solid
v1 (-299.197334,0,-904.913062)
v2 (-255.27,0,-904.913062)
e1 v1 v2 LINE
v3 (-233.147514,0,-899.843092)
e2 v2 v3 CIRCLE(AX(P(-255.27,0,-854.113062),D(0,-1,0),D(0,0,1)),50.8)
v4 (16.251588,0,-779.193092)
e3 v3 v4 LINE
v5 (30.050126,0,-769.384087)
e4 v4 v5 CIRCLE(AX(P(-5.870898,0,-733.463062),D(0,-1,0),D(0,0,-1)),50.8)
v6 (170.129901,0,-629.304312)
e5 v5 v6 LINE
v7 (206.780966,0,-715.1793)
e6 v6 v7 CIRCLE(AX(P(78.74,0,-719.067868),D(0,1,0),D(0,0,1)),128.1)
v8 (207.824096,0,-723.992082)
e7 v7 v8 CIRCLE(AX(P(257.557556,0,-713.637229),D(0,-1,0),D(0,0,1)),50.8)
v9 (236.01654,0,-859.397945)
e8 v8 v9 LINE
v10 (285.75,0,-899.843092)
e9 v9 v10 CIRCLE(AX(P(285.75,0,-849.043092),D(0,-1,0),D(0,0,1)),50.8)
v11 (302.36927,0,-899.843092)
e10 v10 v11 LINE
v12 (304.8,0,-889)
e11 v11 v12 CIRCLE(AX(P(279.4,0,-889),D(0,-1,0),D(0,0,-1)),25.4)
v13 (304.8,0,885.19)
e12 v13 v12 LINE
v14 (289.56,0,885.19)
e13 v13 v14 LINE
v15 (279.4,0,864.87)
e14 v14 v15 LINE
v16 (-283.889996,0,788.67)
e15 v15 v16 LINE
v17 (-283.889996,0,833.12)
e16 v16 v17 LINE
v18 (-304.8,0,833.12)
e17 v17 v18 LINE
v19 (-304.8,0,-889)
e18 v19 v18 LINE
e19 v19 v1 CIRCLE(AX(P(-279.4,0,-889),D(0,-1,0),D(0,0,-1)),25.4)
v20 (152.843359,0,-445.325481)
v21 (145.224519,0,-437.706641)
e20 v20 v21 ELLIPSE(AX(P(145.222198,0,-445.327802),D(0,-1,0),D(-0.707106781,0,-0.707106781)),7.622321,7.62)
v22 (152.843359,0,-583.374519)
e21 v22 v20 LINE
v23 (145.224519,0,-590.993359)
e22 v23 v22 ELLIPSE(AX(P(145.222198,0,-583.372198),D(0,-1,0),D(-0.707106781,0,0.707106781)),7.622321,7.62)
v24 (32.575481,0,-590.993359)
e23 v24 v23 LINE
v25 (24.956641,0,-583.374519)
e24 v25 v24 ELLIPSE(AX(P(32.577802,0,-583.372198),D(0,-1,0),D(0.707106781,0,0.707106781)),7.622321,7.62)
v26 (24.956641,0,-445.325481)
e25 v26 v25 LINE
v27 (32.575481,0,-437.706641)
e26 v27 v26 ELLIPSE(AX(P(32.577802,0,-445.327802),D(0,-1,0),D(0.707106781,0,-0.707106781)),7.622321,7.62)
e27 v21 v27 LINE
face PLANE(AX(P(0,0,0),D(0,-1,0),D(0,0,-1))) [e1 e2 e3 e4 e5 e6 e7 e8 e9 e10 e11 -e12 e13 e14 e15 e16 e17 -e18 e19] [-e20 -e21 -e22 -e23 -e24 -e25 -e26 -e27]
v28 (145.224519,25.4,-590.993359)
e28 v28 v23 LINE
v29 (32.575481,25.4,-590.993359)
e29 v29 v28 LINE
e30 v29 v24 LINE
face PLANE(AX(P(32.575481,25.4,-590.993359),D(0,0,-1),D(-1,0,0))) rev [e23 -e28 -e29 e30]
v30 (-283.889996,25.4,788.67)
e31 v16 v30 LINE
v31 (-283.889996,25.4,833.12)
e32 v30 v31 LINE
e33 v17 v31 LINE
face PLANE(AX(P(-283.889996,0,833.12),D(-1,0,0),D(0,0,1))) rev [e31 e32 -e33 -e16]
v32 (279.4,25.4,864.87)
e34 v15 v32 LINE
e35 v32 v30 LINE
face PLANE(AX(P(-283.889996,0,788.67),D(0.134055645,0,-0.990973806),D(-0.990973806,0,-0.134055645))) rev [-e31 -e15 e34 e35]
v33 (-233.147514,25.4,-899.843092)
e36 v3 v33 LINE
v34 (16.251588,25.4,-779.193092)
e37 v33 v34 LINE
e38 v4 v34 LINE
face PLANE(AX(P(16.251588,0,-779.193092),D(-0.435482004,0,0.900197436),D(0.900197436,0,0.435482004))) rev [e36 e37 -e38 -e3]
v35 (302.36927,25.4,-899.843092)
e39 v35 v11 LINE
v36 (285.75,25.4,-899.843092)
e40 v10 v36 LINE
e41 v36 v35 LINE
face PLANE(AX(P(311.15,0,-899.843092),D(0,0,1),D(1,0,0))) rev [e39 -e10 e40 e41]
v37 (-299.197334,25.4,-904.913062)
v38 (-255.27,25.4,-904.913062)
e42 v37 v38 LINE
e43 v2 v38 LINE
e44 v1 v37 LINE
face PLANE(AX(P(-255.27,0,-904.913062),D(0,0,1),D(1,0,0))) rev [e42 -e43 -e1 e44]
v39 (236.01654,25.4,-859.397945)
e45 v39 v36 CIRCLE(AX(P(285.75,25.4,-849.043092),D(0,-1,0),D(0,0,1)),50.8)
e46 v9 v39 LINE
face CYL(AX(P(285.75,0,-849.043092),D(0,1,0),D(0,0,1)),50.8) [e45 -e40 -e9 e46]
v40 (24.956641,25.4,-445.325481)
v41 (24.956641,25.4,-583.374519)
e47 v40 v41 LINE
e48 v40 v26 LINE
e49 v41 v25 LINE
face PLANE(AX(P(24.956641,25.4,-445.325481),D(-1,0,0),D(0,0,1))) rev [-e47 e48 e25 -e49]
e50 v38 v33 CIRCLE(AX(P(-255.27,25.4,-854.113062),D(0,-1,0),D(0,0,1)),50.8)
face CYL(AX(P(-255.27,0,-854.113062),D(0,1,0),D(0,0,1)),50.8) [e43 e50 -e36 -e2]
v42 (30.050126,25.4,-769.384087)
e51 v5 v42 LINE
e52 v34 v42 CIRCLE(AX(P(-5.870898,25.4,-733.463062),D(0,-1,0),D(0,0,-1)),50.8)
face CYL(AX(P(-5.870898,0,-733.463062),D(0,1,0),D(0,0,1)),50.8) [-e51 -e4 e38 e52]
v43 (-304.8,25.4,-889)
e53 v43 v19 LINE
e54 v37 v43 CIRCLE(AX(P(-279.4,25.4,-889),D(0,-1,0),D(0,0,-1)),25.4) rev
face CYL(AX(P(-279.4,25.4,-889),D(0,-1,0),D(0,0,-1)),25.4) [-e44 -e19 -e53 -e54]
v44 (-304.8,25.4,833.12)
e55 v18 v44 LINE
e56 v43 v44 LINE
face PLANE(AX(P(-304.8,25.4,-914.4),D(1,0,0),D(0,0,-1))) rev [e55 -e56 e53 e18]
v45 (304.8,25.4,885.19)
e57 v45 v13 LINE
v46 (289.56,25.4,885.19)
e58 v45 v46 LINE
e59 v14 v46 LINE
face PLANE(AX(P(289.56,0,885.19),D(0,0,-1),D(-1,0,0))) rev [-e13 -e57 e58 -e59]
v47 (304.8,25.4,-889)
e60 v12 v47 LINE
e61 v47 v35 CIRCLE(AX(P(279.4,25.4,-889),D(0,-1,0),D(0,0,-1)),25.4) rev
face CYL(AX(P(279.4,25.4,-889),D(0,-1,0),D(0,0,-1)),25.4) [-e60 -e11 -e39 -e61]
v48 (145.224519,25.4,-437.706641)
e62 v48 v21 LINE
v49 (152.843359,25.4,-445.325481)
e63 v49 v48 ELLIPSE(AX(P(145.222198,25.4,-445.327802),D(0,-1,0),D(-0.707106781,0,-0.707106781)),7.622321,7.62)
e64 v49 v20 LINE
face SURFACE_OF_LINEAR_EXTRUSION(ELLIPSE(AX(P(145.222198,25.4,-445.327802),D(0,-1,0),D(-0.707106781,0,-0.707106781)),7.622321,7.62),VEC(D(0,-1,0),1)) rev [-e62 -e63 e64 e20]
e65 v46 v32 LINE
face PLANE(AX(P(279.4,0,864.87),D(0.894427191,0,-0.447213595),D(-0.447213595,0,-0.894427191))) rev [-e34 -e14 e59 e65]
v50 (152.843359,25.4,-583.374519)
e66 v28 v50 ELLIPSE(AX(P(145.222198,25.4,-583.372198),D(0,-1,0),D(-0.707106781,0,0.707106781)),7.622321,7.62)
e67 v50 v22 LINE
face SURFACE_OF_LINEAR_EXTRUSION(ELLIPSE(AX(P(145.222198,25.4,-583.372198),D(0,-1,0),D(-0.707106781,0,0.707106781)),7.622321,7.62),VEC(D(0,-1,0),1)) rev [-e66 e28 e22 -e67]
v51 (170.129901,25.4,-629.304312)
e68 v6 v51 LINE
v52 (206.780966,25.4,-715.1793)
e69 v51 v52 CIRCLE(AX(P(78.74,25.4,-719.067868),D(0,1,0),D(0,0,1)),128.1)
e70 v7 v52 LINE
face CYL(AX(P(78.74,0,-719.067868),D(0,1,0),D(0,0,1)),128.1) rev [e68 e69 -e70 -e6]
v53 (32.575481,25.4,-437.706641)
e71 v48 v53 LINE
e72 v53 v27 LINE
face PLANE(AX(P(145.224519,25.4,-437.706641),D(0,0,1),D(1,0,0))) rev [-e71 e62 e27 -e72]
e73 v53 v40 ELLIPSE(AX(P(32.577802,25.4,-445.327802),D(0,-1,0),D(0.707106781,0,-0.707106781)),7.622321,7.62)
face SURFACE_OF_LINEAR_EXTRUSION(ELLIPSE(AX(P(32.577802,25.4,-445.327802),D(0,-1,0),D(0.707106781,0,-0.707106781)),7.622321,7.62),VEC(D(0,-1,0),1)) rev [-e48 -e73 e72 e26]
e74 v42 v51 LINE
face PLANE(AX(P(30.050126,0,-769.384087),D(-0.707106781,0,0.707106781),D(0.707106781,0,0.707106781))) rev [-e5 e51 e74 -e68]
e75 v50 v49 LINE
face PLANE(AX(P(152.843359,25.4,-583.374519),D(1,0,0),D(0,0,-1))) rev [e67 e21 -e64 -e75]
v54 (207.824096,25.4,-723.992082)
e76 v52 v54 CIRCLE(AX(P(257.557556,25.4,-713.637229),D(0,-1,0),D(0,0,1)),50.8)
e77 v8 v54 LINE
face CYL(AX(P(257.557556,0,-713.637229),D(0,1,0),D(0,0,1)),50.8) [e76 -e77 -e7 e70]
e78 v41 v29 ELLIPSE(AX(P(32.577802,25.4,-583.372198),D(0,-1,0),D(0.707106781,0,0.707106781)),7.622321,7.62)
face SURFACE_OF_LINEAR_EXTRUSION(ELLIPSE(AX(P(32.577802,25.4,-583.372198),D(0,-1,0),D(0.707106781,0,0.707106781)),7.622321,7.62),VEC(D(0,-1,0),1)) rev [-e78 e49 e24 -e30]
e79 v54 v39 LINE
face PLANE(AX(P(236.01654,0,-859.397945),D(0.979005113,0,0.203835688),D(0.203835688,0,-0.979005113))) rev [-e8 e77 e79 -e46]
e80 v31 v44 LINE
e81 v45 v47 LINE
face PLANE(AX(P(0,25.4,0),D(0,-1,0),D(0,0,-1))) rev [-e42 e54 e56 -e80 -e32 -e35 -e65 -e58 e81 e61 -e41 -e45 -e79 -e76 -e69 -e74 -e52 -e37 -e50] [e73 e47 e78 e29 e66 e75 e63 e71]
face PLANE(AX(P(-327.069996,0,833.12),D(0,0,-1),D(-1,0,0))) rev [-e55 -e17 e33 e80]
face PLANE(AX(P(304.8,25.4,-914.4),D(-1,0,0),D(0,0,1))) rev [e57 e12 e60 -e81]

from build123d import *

# Parameters (mm, degrees)
SKETCH1_W           = 609.6
SKETCH1_H           = 1828.8
BOSS_EXTRUDE1_DEPTH = 25.4
FILLET1_R           = 25.4
CUT_EXTRUDE2_DEPTH  = 965.196847122
CUT_EXTRUDE3_DEPTH  = 965.196847122
CUT_EXTRUDE4_DEPTH  = 956.204611857


with BuildPart() as part:
    # Sketch1 → Boss-Extrude1 (new body)
    with BuildSketch(Plane(origin=(0, 0, 0), x_dir=(1, 0, 0), z_dir=(0, 1, 0))):
        Rectangle(SKETCH1_W, SKETCH1_H)
    extrude(amount=BOSS_EXTRUDE1_DEPTH)

    # Fillet1
    fillet1_edges = [part.edges().sort_by_distance(p)[0] for p in [
        (-304.8, 12.7, -914.4),
        (304.8, 12.7, -914.4),
        (304.8, 12.7, 914.4),
        (-304.8, 12.7, 914.4),
    ]]
    fillet(fillet1_edges, radius=FILLET1_R)

    # Sketch3 → Cut-Extrude2 (cut, through all)
    with BuildSketch(Plane(origin=(0, 25.4, 0), x_dir=(1, 0, 0), z_dir=(0, 1, 0))):
        with BuildLine():
            Line((16.251587569, 779.193092163), (-233.147514188, 899.843092163))
            ThreePointArc((-233.147514188, 899.843092163), (-243.921993823, 903.629350189), (-255.27, 904.913062406))
            Line((-255.27, 904.913062406), (-323.85, 904.913062406))
            Line((-323.85, 904.913062406), (-323.85, 931.593092163))
            Line((-323.85, 931.593092163), (311.15, 931.593092163))
            Line((311.15, 931.593092163), (311.15, 899.843092163))
            Line((311.15, 899.843092163), (285.75, 899.843092163))
            ThreePointArc((285.75, 899.843092163), (253.698373918, 888.455441312), (236.016540238, 859.397945134))
            Line((236.016540238, 859.397945134), (207.824095772, 723.992082179))
            ThreePointArc((207.824095772, 723.992082179), (207.109723344, 719.608512763), (206.78096626, 715.179299789))
            ThreePointArc((206.78096626, 715.179299789), (196.558100486, 668.783623502), (170.129901322, 629.30431181))
            Line((170.129901322, 629.30431181), (30.050126241, 769.384086891))
            ThreePointArc((30.050126241, 769.384086891), (23.562355365, 774.867453261), (16.251587569, 779.193092163))
        make_face()
    extrude(amount=-CUT_EXTRUDE2_DEPTH, mode=Mode.SUBTRACT)

    # Sketch4 → Cut-Extrude3 (cut, through all)
    with BuildSketch(Plane(origin=(0, 25.4, 0), x_dir=(1, 0, 0), z_dir=(0, 1, 0))):
        Polygon((-327.069996122, -833.12), (-283.889996122, -833.12), (-283.889996122, -788.67), (279.4, -864.87), (289.56, -885.19), (330.2, -885.19), (330.2, -946.15), (-327.069996122, -946.15), align=None)
    extrude(amount=-CUT_EXTRUDE3_DEPTH, mode=Mode.SUBTRACT)

    # Sketch5 → Cut-Extrude4 (cut, through all)
    with BuildSketch(Plane.XZ):
        with BuildLine():
            Line((152.843358649, -583.374519212), (152.843358649, -445.325480788))
            add(Edge.make_bspline(
                [(152.843358649, -445.325480788), (152.843358649, -437.706641351), (145.224519212, -437.706641351)],
                knots=[2.356346783, 2.356346783, 2.356346783, 3.926838524, 3.926838524, 3.926838524], degree=2, weights=[1, 0.707214461, 1]))
            Line((145.224519212, -437.706641351), (32.575480788, -437.706641351))
            add(Edge.make_bspline(
                [(32.575480788, -437.706641351), (24.956641351, -437.706641351), (24.956641351, -445.325480788)],
                knots=[2.356346783, 2.356346783, 2.356346783, 3.926838524, 3.926838524, 3.926838524], degree=2, weights=[1, 0.707214461, 1]))
            Line((24.956641351, -445.325480788), (24.956641351, -583.374519212))
            add(Edge.make_bspline(
                [(24.956641351, -583.374519212), (24.956641351, -590.993358649), (32.575480788, -590.993358649)],
                knots=[2.356346783, 2.356346783, 2.356346783, 3.926838524, 3.926838524, 3.926838524], degree=2, weights=[1, 0.707214461, 1]))
            Line((32.575480788, -590.993358649), (145.224519212, -590.993358649))
            add(Edge.make_bspline(
                [(145.224519212, -590.993358649), (152.843358649, -590.993358649), (152.843358649, -583.374519212)],
                knots=[2.356346783, 2.356346783, 2.356346783, 3.926838524, 3.926838524, 3.926838524], degree=2, weights=[1, 0.707214461, 1]))
        make_face()
    extrude(amount=-CUT_EXTRUDE4_DEPTH, mode=Mode.SUBTRACT)


solid = part.part
